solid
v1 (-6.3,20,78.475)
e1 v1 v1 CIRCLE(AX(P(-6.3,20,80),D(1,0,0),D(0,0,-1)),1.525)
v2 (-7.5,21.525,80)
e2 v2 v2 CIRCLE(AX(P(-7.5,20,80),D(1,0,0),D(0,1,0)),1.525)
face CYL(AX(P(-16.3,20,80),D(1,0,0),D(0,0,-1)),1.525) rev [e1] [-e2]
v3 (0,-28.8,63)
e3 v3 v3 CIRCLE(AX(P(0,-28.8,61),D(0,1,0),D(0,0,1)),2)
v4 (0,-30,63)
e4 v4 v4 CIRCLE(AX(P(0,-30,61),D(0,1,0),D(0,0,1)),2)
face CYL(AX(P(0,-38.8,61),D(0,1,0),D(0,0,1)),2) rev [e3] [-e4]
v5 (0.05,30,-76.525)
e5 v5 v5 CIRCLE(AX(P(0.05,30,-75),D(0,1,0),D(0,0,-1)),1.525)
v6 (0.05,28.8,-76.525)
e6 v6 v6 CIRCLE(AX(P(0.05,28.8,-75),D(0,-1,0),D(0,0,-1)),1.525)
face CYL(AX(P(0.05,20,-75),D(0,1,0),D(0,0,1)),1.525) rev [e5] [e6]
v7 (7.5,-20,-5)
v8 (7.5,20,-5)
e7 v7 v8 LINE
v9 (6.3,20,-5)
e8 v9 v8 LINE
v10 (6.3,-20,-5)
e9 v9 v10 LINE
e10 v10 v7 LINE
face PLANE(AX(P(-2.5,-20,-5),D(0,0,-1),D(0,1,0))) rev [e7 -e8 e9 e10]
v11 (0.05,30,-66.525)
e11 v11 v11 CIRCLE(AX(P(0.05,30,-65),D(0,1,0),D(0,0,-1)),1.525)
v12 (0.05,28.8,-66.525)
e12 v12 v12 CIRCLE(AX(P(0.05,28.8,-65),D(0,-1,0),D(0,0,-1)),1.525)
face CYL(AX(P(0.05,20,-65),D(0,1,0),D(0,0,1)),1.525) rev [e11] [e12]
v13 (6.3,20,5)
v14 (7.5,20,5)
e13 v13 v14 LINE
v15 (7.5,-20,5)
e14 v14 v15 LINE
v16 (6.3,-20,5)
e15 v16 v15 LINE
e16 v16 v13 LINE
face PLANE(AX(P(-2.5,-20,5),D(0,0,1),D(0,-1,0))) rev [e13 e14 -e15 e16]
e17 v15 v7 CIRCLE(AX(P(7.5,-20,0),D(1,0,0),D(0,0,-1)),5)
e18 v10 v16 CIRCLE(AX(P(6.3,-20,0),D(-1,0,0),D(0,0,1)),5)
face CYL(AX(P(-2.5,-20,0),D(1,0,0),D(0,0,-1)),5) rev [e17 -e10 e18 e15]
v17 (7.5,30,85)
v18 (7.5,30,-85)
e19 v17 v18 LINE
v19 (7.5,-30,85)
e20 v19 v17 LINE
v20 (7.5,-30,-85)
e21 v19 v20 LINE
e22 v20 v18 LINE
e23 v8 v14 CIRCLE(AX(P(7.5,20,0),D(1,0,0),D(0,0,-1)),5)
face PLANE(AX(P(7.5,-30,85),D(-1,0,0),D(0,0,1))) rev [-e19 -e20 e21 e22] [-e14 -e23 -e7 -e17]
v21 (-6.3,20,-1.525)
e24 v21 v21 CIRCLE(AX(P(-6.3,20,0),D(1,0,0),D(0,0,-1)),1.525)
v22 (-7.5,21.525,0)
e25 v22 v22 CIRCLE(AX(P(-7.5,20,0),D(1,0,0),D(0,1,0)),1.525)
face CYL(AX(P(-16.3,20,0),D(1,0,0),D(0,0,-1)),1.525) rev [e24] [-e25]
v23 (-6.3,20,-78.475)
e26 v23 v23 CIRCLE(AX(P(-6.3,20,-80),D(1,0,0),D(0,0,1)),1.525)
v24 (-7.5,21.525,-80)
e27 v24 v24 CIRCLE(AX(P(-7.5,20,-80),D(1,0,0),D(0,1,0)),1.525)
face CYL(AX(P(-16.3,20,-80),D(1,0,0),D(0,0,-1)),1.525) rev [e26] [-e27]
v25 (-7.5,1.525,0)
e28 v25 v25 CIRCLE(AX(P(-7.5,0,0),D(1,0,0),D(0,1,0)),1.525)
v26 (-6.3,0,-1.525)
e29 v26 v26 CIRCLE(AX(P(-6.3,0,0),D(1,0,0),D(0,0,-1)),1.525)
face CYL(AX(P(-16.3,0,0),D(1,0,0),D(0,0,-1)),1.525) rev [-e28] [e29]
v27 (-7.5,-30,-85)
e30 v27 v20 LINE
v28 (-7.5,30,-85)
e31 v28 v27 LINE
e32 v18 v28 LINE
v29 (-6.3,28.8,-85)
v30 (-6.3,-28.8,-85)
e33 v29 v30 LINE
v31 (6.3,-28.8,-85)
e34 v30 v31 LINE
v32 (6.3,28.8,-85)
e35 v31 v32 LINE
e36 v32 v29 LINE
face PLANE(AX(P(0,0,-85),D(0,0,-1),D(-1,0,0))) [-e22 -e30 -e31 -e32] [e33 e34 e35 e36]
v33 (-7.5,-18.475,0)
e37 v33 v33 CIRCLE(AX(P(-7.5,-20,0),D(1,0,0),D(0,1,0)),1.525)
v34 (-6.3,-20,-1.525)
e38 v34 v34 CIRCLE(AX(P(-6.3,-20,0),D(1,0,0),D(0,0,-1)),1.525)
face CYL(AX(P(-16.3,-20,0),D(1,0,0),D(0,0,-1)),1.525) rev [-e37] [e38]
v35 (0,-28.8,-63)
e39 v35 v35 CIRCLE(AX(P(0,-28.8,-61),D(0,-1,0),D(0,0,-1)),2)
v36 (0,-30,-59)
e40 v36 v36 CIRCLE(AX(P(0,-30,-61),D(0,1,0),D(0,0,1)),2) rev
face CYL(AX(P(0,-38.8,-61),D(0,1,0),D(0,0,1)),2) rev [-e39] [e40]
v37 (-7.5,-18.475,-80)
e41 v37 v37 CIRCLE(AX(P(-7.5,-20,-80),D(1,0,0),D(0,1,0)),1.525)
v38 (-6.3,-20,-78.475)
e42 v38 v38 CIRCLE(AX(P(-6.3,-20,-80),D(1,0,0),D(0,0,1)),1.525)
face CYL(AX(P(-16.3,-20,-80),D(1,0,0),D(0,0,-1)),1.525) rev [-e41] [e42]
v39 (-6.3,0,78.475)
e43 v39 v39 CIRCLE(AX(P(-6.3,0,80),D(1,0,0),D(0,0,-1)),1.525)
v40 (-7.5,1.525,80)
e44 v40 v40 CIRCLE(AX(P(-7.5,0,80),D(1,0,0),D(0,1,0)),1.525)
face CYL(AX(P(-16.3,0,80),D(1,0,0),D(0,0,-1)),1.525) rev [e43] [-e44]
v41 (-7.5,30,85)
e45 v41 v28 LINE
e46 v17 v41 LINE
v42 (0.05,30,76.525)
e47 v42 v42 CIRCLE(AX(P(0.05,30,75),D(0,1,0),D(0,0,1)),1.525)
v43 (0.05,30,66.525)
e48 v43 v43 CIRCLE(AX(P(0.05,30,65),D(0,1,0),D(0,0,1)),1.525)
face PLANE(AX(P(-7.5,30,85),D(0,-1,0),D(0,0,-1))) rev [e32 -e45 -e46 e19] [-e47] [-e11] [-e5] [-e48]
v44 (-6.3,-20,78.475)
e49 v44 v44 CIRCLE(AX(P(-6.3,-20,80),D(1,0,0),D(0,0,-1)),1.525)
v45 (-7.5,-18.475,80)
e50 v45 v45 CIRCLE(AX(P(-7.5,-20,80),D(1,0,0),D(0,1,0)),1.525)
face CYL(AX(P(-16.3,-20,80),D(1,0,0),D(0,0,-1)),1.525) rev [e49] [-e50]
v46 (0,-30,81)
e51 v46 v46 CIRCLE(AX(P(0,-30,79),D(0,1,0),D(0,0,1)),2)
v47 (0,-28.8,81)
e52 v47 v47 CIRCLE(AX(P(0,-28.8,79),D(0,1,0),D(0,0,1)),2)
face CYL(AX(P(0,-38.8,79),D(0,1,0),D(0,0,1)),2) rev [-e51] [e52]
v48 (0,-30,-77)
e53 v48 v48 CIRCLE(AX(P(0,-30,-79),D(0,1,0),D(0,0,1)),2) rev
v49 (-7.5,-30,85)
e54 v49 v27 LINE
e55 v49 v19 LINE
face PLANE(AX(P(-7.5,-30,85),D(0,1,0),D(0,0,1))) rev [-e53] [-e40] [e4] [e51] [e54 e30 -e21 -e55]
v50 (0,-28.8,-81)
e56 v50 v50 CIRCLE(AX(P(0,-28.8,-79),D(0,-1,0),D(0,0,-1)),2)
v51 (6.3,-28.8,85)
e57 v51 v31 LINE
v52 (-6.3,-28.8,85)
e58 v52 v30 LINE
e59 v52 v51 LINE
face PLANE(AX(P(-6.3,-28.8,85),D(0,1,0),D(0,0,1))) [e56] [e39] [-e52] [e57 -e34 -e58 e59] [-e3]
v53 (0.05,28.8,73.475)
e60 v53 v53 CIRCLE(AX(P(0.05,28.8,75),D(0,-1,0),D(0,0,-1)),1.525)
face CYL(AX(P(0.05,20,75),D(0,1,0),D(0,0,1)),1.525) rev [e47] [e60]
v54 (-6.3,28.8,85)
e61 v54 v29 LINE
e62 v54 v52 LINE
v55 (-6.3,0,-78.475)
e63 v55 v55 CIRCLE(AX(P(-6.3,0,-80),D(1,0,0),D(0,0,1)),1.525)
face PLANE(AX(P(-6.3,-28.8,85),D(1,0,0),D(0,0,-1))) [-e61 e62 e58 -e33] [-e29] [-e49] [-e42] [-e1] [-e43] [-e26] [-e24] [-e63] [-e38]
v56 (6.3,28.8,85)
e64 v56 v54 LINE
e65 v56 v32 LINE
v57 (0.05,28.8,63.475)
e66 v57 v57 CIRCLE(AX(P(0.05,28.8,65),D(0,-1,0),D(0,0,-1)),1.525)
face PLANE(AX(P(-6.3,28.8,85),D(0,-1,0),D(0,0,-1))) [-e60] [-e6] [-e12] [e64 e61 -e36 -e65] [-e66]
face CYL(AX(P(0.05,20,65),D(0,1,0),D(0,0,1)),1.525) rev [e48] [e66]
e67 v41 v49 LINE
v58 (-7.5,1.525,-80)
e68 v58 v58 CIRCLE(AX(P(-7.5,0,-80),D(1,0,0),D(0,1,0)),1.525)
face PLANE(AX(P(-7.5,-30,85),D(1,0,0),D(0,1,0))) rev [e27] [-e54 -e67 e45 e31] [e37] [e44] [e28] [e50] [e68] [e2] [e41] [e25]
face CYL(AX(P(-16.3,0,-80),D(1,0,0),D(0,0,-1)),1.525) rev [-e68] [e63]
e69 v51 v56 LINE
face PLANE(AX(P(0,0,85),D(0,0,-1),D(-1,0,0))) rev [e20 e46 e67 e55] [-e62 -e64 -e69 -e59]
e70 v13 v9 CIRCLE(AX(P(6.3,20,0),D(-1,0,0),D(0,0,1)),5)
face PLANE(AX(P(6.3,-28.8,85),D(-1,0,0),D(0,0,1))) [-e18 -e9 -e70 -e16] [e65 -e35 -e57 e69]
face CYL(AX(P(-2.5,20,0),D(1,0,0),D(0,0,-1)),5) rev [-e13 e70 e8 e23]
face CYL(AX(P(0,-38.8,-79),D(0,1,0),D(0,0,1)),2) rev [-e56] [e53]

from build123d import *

# Parameters (mm, degrees)
SKETCH_1_W          = 15
SKETCH_1_H          = 60
SKETCH_1_W_2        = 12.6
SKETCH_1_H_2        = 57.6
EXTRUDE_1_DEPTH     = 85
SKETCH_2_R          = 2
CUT_EXTRUDE_1_DEPTH = 10
SKETCH_3_R          = 1.525
CUT_EXTRUDE_2_DEPTH = 10
SKETCH_4_R          = 1.525
CUT_EXTRUDE_3_DEPTH = 10
CUT_EXTRUDE_4_DEPTH = 10


with BuildPart() as part:
    # 草图1 → 凸台-拉伸1 (new, symmetric)
    with BuildSketch(Plane.XY):
        Rectangle(SKETCH_1_W, SKETCH_1_H)
        Rectangle(SKETCH_1_W_2, SKETCH_1_H_2, mode=Mode.SUBTRACT)
    extrude(amount=EXTRUDE_1_DEPTH, both=True)

    # 草图2 → 切除-拉伸1 (cut)
    with BuildSketch(Plane(origin=(0, -28.8, 0), x_dir=(1, 0, 0), z_dir=(0, 1, 0))):
        with Locations(Location((0, -79, 0), (0, 0, 270))):
            Circle(SKETCH_2_R)
        with Locations(Location((0, -61, 0), (0, 0, 270))):
            Circle(SKETCH_2_R)
    cut_extrude_1 = extrude(amount=-CUT_EXTRUDE_1_DEPTH, mode=Mode.SUBTRACT)

    # 镜向1: 切除-拉伸1 across plane
    add(cut_extrude_1.mirror(Plane.XY), mode=Mode.SUBTRACT)

    # 草图3 → 切除-拉伸2 (cut)
    with BuildSketch(Plane(origin=(0, 30, 0), x_dir=(1, 0, 0), z_dir=(0, 1, 0))):
        with Locations(Location((0.05, -75, 0), (0, 0, 270))):
            Circle(SKETCH_3_R)
        with Locations(Location((0.05, -65, 0), (0, 0, 270))):
            Circle(SKETCH_3_R)
        with Locations(Location((0.05, 65, 0), (0, 0, 90))):
            Circle(SKETCH_3_R)
        with Locations(Location((0.05, 75, 0), (0, 0, 90))):
            Circle(SKETCH_3_R)
    extrude(amount=-CUT_EXTRUDE_2_DEPTH, mode=Mode.SUBTRACT)

    # 草图4 → 切除-拉伸3 (cut)
    with BuildSketch(Plane(origin=(-6.3, 0, 0), x_dir=(0, 0, -1), z_dir=(1, 0, 0))):
        with Locations((0, -20)):
            Circle(SKETCH_4_R)
        Circle(SKETCH_4_R)
        with Locations((0, 20)):
            Circle(SKETCH_4_R)
        with Locations((-80, -20)):
            Circle(SKETCH_4_R)
        with Locations((-80, 0)):
            Circle(SKETCH_4_R)
        with Locations((-80, 20)):
            Circle(SKETCH_4_R)
        with Locations(Location((80, 20, 0), (0, 0, 90))):
            Circle(SKETCH_4_R)
        with Locations(Location((80, 0, 0), (0, 0, 90))):
            Circle(SKETCH_4_R)
        with Locations(Location((80, -20, 0), (0, 0, 90))):
            Circle(SKETCH_4_R)
    extrude(amount=-CUT_EXTRUDE_3_DEPTH, mode=Mode.SUBTRACT)

    # 草图5 → 切除-拉伸4 (cut)
    with BuildSketch(Plane(origin=(7.5, 0, 0), x_dir=(0, 0, -1), z_dir=(1, 0, 0))):
        with BuildLine():
            Line((-5, -20), (-5, 20))
            ThreePointArc((-5, 20), (0, 25), (5, 20))
            Line((5, 20), (5, -20))
            ThreePointArc((5, -20), (0, -25), (-5, -20))
        make_face()
    extrude(amount=-CUT_EXTRUDE_4_DEPTH, mode=Mode.SUBTRACT)


solid = part.part
